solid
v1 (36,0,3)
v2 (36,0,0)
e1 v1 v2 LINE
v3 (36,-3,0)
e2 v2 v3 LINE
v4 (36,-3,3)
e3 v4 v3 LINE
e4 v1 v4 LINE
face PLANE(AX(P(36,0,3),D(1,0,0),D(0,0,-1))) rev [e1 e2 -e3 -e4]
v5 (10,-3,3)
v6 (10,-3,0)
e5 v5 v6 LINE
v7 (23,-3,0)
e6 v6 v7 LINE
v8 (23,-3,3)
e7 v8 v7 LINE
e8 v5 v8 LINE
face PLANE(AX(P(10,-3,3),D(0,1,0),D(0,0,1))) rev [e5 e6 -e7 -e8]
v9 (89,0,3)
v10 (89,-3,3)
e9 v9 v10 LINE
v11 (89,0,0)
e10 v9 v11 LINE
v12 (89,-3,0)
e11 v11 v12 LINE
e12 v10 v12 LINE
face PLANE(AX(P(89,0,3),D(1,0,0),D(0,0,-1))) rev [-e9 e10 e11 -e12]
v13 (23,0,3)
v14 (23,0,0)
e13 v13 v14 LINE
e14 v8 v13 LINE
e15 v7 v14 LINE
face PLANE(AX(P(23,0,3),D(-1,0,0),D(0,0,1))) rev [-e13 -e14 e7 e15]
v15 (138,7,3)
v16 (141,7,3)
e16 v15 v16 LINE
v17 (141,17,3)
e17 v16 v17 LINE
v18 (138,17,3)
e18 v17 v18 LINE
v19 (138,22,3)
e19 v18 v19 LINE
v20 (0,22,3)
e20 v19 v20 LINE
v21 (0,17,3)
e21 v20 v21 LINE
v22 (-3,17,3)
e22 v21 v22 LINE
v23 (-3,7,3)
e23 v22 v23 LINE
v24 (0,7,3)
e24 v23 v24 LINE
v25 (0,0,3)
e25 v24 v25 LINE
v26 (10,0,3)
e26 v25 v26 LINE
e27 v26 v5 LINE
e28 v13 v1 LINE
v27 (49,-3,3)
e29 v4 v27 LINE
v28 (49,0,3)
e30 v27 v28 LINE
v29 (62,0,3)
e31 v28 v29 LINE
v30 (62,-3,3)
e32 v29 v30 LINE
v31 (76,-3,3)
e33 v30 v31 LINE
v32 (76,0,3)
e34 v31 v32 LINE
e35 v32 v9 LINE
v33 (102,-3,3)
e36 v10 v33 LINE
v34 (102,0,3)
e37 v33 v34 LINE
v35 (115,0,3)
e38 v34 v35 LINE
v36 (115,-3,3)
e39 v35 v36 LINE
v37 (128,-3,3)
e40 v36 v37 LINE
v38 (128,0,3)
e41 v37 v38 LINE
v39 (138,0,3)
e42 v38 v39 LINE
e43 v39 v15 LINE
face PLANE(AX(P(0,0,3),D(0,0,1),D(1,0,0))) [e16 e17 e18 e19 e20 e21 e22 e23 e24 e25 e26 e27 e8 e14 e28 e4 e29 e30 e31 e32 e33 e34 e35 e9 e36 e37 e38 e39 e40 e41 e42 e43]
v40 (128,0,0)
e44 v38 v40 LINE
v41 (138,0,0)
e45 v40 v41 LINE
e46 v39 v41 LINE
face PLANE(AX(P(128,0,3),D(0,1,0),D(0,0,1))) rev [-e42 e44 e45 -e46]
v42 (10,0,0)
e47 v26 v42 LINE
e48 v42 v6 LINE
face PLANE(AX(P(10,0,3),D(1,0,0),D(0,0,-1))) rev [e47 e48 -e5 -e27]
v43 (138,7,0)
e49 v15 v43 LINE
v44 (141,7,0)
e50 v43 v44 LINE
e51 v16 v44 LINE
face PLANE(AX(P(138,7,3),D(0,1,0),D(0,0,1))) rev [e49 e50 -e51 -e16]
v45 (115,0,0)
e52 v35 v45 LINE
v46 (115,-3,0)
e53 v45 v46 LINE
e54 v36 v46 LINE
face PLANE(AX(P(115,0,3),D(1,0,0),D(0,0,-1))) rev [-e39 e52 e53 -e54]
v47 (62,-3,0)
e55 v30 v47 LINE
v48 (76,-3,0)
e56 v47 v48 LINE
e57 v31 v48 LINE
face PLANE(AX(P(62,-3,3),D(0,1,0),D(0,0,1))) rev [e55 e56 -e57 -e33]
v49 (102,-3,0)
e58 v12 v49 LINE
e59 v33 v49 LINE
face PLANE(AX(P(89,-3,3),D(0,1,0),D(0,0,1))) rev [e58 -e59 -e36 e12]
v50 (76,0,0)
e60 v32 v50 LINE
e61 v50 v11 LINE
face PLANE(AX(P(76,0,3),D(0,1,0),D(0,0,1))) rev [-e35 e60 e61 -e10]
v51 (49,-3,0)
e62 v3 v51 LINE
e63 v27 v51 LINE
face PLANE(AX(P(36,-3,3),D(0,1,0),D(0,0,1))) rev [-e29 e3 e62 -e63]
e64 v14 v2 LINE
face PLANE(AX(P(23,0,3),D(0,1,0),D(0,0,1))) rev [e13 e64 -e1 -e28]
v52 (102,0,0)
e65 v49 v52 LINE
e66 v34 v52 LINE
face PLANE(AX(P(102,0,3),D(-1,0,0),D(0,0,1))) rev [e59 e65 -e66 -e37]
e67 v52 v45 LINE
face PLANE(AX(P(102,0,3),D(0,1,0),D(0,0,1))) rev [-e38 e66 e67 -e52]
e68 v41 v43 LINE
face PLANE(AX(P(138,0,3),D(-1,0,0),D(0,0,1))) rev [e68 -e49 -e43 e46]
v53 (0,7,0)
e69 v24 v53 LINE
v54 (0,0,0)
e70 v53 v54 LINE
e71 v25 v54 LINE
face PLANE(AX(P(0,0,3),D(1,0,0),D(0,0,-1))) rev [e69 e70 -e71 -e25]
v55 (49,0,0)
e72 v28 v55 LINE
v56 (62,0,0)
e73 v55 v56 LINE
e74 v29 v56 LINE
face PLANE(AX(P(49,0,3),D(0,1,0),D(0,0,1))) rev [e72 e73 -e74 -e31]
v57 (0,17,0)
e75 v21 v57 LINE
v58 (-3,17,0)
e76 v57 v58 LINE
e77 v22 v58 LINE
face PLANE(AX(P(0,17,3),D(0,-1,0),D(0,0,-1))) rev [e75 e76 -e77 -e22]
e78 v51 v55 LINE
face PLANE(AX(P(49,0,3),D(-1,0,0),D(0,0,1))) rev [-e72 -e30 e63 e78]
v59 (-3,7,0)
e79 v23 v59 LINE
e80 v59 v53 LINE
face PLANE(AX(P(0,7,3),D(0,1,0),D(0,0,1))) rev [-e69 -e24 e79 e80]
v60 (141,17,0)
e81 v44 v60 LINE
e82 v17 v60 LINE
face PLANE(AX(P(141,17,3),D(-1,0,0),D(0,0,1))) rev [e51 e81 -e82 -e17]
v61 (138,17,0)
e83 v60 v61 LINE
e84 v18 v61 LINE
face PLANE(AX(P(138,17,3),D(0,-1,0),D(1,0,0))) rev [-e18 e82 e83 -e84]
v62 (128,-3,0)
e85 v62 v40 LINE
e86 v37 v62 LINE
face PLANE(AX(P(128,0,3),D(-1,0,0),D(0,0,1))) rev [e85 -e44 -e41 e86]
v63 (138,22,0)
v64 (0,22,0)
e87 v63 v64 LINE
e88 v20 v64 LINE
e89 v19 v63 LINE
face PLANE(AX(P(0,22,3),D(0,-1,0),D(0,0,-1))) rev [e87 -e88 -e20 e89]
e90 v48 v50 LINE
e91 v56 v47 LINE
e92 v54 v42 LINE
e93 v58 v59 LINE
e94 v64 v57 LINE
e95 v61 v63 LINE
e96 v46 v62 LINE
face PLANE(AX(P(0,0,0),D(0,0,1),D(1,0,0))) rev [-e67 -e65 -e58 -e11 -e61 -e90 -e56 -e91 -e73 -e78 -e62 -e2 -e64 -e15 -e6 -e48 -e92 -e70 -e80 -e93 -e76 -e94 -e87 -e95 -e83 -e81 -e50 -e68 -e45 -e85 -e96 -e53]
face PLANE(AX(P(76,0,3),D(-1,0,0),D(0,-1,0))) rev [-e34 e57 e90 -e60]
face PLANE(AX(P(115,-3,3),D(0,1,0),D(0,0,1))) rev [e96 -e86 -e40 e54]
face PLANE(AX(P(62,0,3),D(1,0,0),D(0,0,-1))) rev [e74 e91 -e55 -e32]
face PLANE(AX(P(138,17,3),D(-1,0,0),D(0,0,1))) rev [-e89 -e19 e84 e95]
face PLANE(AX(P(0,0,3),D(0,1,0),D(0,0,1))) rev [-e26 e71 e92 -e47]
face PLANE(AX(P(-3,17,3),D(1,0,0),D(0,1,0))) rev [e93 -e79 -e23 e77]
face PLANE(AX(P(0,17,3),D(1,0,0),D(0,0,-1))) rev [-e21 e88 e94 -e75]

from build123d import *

# Parameters (mm, degrees)
BOSS_EXTRUDE1_DEPTH = 3


with BuildPart() as part:
    # Sketch1 → Boss-Extrude1 (new body)
    with BuildSketch(Plane.XY):
        Polygon((0, 17), (0, 22), (138, 22), (138, 17), (141, 17), (141, 7), (138, 7), (138, 0), (128, 0), (128, -3), (115, -3), (115, 0), (102, 0), (102, -3), (89, -3), (89, 0), (76, 0), (76, -3), (62, -3), (62, 0), (49, 0), (49, -3), (36, -3), (36, 0), (23, 0), (23, -3), (10, -3), (10, 0), (0, 0), (0, 7), (-3, 7), (-3, 17), align=None)
    extrude(amount=BOSS_EXTRUDE1_DEPTH)


solid = part.part
